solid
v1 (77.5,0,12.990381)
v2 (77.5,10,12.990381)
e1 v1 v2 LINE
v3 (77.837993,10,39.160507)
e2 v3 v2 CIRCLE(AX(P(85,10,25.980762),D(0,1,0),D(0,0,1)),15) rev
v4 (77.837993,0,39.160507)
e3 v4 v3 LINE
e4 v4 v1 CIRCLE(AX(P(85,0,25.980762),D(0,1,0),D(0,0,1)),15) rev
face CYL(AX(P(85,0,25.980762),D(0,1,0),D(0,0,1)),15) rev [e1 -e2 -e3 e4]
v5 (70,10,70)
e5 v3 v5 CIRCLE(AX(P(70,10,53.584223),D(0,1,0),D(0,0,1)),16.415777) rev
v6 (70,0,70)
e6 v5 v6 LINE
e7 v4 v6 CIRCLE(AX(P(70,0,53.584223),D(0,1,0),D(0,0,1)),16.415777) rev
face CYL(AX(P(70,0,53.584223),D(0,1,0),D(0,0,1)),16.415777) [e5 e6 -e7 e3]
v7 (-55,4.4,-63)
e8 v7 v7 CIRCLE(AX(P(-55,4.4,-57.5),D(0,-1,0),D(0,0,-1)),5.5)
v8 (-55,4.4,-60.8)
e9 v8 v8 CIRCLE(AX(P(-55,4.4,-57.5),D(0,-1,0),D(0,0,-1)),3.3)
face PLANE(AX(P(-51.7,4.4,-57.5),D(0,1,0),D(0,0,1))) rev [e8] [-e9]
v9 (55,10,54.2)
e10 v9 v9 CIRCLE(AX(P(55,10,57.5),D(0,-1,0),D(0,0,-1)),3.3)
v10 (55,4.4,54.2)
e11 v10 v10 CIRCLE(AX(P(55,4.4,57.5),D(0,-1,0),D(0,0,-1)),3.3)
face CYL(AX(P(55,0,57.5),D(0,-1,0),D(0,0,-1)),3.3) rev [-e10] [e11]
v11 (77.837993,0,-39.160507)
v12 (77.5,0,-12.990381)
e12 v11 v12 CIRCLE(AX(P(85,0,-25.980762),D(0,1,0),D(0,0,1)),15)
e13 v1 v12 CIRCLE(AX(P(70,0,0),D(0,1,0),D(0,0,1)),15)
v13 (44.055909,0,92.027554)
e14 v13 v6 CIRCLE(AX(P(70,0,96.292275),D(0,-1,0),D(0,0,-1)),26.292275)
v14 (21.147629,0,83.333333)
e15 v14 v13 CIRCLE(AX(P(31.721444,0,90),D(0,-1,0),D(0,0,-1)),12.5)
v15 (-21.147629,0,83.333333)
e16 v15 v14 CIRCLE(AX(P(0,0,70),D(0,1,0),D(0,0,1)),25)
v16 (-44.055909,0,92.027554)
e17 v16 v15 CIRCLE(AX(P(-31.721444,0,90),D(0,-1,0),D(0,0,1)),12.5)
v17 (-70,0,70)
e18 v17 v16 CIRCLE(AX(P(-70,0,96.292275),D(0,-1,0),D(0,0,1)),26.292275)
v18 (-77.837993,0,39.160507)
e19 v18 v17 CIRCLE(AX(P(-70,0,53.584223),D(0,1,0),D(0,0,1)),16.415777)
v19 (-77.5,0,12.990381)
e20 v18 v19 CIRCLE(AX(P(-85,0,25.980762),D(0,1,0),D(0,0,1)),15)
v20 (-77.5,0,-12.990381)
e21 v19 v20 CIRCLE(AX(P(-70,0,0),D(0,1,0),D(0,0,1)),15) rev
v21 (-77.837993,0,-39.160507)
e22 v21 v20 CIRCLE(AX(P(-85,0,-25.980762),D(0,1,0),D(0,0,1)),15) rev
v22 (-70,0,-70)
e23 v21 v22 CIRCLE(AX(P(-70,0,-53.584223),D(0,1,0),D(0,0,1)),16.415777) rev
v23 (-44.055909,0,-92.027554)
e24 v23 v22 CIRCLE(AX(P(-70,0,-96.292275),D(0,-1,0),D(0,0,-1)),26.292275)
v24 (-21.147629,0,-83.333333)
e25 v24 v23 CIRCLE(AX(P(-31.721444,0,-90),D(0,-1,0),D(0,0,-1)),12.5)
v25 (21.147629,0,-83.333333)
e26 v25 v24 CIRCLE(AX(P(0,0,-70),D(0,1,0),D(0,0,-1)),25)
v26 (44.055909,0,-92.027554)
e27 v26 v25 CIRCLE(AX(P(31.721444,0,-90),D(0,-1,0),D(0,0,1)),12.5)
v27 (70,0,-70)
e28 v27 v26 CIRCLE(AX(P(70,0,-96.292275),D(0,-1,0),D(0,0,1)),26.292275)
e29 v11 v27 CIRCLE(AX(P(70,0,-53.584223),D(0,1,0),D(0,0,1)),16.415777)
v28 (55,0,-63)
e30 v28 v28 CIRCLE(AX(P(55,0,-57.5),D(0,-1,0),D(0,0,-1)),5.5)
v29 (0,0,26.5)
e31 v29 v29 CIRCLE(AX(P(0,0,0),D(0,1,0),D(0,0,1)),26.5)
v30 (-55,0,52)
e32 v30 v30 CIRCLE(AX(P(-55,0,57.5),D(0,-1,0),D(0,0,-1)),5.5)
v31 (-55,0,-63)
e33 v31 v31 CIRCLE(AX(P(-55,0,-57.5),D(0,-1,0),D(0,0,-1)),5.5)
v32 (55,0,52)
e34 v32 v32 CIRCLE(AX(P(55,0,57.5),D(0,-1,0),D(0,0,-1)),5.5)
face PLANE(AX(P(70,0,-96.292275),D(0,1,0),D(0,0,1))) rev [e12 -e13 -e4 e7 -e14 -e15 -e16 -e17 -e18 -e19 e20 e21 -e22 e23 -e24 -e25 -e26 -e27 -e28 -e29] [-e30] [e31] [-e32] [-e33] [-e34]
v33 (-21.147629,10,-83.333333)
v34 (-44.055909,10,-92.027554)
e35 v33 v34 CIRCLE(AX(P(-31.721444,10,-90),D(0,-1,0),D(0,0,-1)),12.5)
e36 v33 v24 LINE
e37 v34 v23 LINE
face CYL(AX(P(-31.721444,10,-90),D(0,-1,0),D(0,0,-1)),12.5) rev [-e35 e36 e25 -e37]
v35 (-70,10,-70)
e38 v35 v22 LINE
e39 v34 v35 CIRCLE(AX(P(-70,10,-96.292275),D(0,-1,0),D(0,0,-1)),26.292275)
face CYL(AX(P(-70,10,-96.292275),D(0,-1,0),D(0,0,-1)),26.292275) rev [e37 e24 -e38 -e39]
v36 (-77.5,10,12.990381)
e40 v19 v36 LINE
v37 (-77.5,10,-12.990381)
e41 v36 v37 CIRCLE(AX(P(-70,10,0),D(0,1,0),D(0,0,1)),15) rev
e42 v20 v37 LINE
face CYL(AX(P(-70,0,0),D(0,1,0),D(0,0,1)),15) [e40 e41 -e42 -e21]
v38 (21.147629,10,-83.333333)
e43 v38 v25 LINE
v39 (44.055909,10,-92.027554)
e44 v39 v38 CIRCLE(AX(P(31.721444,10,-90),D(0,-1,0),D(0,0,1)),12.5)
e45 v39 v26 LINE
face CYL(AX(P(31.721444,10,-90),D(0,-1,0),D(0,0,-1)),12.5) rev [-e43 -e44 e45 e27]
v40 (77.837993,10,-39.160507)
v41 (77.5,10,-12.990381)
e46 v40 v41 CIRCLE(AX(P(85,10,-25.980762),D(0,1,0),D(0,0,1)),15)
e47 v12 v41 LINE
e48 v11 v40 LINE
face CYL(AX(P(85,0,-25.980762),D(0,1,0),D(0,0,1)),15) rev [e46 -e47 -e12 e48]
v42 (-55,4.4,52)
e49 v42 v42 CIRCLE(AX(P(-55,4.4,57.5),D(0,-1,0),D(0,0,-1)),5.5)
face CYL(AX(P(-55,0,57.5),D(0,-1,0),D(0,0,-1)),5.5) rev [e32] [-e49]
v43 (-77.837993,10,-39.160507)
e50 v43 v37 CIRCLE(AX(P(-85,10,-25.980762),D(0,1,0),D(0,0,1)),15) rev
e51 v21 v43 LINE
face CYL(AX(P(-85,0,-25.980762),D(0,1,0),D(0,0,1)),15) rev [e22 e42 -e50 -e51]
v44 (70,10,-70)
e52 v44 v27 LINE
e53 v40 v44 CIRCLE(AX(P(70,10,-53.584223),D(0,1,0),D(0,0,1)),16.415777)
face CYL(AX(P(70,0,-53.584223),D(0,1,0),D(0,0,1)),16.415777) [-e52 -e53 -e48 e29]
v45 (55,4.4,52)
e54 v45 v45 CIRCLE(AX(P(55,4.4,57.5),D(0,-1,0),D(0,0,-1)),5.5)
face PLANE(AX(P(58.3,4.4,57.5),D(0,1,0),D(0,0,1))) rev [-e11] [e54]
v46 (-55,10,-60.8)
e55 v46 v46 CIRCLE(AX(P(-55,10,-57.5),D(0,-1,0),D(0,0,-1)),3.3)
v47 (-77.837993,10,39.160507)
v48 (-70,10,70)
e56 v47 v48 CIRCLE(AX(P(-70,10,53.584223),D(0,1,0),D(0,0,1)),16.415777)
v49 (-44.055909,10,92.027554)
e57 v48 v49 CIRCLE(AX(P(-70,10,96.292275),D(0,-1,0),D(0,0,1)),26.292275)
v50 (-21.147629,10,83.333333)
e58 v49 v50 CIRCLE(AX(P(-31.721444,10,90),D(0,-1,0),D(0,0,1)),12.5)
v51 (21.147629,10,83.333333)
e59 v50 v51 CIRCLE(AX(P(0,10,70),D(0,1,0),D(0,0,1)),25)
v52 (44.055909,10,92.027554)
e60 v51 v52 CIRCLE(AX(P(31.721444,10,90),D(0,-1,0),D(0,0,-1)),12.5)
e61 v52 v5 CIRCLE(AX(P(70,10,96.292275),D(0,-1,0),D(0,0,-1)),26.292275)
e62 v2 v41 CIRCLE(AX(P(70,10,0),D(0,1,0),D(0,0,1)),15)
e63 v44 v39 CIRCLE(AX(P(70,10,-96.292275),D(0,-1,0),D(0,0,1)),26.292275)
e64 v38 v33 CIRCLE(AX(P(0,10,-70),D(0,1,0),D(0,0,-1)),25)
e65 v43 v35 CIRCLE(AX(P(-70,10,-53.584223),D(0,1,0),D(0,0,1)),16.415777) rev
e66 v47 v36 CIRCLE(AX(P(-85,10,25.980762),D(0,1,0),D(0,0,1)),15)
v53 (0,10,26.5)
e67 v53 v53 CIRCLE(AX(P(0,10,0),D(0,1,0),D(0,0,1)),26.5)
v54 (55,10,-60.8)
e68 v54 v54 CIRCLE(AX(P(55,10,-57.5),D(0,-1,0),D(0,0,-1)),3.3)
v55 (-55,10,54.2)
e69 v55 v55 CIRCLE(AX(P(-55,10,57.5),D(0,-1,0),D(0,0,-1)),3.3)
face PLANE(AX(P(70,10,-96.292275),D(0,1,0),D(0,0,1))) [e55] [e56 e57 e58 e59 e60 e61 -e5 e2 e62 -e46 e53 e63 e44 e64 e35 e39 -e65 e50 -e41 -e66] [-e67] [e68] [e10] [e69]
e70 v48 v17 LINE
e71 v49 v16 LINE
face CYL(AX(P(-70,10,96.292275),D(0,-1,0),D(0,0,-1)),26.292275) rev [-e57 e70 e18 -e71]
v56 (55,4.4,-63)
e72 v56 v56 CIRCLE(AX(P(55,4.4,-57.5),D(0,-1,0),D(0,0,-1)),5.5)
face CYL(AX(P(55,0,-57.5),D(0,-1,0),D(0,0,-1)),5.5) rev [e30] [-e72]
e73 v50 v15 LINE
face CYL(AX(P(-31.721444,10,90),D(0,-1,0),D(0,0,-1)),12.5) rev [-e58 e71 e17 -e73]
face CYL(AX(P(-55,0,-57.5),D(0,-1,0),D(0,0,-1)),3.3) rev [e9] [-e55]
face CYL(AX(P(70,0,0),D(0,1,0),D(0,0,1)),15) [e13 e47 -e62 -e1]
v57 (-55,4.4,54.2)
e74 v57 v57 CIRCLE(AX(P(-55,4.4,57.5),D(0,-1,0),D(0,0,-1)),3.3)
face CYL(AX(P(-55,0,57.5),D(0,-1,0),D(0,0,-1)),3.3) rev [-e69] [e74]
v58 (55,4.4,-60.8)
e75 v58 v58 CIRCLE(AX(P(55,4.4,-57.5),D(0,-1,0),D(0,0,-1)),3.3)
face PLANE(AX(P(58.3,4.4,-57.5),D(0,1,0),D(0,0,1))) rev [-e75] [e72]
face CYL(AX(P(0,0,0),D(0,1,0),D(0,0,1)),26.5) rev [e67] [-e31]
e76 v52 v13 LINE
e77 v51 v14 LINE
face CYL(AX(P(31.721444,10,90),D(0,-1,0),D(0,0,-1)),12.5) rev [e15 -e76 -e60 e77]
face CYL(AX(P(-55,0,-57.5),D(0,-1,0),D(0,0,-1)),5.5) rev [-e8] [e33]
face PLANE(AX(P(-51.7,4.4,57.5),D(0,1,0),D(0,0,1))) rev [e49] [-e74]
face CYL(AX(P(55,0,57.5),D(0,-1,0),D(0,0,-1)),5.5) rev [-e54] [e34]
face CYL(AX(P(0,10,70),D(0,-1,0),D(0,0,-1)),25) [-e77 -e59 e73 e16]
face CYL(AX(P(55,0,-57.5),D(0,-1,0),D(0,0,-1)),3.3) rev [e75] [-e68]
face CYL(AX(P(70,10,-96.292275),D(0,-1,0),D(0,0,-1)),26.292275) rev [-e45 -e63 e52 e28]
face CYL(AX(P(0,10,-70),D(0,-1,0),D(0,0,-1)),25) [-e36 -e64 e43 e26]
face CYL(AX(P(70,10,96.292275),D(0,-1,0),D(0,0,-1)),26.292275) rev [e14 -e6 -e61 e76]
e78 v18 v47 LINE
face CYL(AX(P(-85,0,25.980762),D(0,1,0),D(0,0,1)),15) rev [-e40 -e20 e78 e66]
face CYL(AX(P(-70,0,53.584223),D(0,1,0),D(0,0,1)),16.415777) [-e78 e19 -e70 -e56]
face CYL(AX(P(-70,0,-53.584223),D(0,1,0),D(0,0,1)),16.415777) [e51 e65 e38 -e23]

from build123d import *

# Parameters (mm, degrees)
SALIENTE_EXTRUIR1_DEPTH                              = 10
SALIENTE_EXTRUIR2_DEPTH                              = 10
CROQUIS3_R                                           = 26.5
CORTAR_EXTRUIR1_DEPTH                                = 10
REFRENTADO_PARA_TORNILLO_CON_CABEZA_HUEC_D           = 6.6
REFRENTADO_PARA_TORNILLO_CON_CABEZA_HUEC_CBORE_D     = 11
REFRENTADO_PARA_TORNILLO_CON_CABEZA_HUEC_CBORE_DEPTH = 4.4


with BuildPart() as part:
    # Croquis1 → Saliente-Extruir1 (new body)
    with BuildSketch(Plane(origin=(0, 0, 0), x_dir=(1, 0, 0), z_dir=(0, 1, 0))):
        with BuildLine():
            Line((-70, -70), (-70, 70))
            ThreePointArc((-70, 70), (-52.983030462, 76.249658661), (-44.055908755, 92.027554074))
            ThreePointArc((-44.055908755, 92.027554074), (-36.156795126, 78.313355526), (-21.147629234, 83.333333333))
            ThreePointArc((-21.147629234, 83.333333333), (0, 95), (21.147629234, 83.333333333))
            ThreePointArc((21.147629234, 83.333333333), (36.156795126, 78.313355526), (44.055908755, 92.027554074))
            ThreePointArc((44.055908755, 92.027554074), (52.983030462, 76.249658661), (70, 70))
            Line((70, 70), (70, -70))
            ThreePointArc((70, -70), (52.983030462, -76.249658661), (44.055908755, -92.027554074))
            ThreePointArc((44.055908755, -92.027554074), (36.156795126, -78.313355526), (21.147629234, -83.333333333))
            ThreePointArc((21.147629234, -83.333333333), (0, -95), (-21.147629234, -83.333333333))
            ThreePointArc((-21.147629234, -83.333333333), (-36.156795126, -78.313355526), (-44.055908755, -92.027554074))
            ThreePointArc((-44.055908755, -92.027554074), (-52.983030462, -76.249658661), (-70, -70))
        make_face()
    extrude(amount=SALIENTE_EXTRUIR1_DEPTH)

    # Croquis2 → Saliente-Extruir2 (add)
    with BuildSketch(Plane(origin=(0, 10, 0), x_dir=(1, 0, 0), z_dir=(0, 1, 0))):
        with BuildLine():
            Line((-70, 25.98076189), (-70, 70))
            ThreePointArc((-70, 70), (-85.909969357, 57.627811916), (-77.837993487, 39.160506523))
            ThreePointArc((-77.837993487, 39.160506523), (-72.107558403, 33.647896498), (-70, 25.98076189))
        make_face()
        with BuildLine():
            ThreePointArc((77.837993487, 39.160506523), (85.909969357, 57.627811916), (70, 70))
            Line((70, 70), (70, 25.98076213))
            ThreePointArc((70, 25.98076213), (72.107558465, 33.647896602), (77.837993487, 39.160506523))
        make_face()
        with BuildLine():
            ThreePointArc((77.5, 12.990381057), (72.009618939, 18.480762121), (70, 25.98076213))
            Line((70, 25.98076213), (70, -25.98076213))
            ThreePointArc((70, -25.98076213), (72.009618939, -18.480762121), (77.5, -12.990381057))
            ThreePointArc((77.5, -12.990381057), (85, 0), (77.5, 12.990381057))
        make_face()
        with BuildLine():
            Line((-70, -25.980762199), (-70, 25.98076189))
            ThreePointArc((-70, 25.98076189), (-72.009618999, 18.480762017), (-77.5, 12.990381057))
            ThreePointArc((-77.5, 12.990381057), (-85, 0), (-77.5, -12.990381057))
            ThreePointArc((-77.5, -12.990381057), (-72.009618922, -18.480762151), (-70, -25.980762199))
        make_face()
        with BuildLine():
            Line((-70, -70), (-70, -25.980762199))
            ThreePointArc((-70, -25.980762199), (-72.107558482, -33.647896631), (-77.837993487, -39.160506523))
            ThreePointArc((-77.837993487, -39.160506523), (-85.909969357, -57.627811916), (-70, -70))
        make_face()
        with BuildLine():
            ThreePointArc((77.837993487, -39.160506523), (72.107558465, -33.647896602), (70, -25.98076213))
            Line((70, -25.98076213), (70, -70))
            ThreePointArc((70, -70), (85.909969357, -57.627811916), (77.837993487, -39.160506523))
        make_face()
    extrude(amount=-SALIENTE_EXTRUIR2_DEPTH)

    # Croquis3 → Cortar-Extruir1 (cut)
    with BuildSketch(Plane(origin=(0, 10, 0), x_dir=(1, 0, 0), z_dir=(0, 1, 0))):
        with Locations(Location((0, 0, 0), (0, 0, 270))):
            Circle(CROQUIS3_R)
    extrude(amount=-CORTAR_EXTRUIR1_DEPTH, mode=Mode.SUBTRACT)

    # Refrentado para tornillo con cabeza hueca de M61 (through all)
    with Locations(Plane(origin=(-55, 0, 57.5), x_dir=(0, 0, -1), z_dir=(0, -1, 0))):
        with Locations((0, 0), (0, 110), (115, 110), (115, 0), (57.5, 55)):
            CounterBoreHole(REFRENTADO_PARA_TORNILLO_CON_CABEZA_HUEC_D / 2, REFRENTADO_PARA_TORNILLO_CON_CABEZA_HUEC_CBORE_D / 2, REFRENTADO_PARA_TORNILLO_CON_CABEZA_HUEC_CBORE_DEPTH)


solid = part.part
